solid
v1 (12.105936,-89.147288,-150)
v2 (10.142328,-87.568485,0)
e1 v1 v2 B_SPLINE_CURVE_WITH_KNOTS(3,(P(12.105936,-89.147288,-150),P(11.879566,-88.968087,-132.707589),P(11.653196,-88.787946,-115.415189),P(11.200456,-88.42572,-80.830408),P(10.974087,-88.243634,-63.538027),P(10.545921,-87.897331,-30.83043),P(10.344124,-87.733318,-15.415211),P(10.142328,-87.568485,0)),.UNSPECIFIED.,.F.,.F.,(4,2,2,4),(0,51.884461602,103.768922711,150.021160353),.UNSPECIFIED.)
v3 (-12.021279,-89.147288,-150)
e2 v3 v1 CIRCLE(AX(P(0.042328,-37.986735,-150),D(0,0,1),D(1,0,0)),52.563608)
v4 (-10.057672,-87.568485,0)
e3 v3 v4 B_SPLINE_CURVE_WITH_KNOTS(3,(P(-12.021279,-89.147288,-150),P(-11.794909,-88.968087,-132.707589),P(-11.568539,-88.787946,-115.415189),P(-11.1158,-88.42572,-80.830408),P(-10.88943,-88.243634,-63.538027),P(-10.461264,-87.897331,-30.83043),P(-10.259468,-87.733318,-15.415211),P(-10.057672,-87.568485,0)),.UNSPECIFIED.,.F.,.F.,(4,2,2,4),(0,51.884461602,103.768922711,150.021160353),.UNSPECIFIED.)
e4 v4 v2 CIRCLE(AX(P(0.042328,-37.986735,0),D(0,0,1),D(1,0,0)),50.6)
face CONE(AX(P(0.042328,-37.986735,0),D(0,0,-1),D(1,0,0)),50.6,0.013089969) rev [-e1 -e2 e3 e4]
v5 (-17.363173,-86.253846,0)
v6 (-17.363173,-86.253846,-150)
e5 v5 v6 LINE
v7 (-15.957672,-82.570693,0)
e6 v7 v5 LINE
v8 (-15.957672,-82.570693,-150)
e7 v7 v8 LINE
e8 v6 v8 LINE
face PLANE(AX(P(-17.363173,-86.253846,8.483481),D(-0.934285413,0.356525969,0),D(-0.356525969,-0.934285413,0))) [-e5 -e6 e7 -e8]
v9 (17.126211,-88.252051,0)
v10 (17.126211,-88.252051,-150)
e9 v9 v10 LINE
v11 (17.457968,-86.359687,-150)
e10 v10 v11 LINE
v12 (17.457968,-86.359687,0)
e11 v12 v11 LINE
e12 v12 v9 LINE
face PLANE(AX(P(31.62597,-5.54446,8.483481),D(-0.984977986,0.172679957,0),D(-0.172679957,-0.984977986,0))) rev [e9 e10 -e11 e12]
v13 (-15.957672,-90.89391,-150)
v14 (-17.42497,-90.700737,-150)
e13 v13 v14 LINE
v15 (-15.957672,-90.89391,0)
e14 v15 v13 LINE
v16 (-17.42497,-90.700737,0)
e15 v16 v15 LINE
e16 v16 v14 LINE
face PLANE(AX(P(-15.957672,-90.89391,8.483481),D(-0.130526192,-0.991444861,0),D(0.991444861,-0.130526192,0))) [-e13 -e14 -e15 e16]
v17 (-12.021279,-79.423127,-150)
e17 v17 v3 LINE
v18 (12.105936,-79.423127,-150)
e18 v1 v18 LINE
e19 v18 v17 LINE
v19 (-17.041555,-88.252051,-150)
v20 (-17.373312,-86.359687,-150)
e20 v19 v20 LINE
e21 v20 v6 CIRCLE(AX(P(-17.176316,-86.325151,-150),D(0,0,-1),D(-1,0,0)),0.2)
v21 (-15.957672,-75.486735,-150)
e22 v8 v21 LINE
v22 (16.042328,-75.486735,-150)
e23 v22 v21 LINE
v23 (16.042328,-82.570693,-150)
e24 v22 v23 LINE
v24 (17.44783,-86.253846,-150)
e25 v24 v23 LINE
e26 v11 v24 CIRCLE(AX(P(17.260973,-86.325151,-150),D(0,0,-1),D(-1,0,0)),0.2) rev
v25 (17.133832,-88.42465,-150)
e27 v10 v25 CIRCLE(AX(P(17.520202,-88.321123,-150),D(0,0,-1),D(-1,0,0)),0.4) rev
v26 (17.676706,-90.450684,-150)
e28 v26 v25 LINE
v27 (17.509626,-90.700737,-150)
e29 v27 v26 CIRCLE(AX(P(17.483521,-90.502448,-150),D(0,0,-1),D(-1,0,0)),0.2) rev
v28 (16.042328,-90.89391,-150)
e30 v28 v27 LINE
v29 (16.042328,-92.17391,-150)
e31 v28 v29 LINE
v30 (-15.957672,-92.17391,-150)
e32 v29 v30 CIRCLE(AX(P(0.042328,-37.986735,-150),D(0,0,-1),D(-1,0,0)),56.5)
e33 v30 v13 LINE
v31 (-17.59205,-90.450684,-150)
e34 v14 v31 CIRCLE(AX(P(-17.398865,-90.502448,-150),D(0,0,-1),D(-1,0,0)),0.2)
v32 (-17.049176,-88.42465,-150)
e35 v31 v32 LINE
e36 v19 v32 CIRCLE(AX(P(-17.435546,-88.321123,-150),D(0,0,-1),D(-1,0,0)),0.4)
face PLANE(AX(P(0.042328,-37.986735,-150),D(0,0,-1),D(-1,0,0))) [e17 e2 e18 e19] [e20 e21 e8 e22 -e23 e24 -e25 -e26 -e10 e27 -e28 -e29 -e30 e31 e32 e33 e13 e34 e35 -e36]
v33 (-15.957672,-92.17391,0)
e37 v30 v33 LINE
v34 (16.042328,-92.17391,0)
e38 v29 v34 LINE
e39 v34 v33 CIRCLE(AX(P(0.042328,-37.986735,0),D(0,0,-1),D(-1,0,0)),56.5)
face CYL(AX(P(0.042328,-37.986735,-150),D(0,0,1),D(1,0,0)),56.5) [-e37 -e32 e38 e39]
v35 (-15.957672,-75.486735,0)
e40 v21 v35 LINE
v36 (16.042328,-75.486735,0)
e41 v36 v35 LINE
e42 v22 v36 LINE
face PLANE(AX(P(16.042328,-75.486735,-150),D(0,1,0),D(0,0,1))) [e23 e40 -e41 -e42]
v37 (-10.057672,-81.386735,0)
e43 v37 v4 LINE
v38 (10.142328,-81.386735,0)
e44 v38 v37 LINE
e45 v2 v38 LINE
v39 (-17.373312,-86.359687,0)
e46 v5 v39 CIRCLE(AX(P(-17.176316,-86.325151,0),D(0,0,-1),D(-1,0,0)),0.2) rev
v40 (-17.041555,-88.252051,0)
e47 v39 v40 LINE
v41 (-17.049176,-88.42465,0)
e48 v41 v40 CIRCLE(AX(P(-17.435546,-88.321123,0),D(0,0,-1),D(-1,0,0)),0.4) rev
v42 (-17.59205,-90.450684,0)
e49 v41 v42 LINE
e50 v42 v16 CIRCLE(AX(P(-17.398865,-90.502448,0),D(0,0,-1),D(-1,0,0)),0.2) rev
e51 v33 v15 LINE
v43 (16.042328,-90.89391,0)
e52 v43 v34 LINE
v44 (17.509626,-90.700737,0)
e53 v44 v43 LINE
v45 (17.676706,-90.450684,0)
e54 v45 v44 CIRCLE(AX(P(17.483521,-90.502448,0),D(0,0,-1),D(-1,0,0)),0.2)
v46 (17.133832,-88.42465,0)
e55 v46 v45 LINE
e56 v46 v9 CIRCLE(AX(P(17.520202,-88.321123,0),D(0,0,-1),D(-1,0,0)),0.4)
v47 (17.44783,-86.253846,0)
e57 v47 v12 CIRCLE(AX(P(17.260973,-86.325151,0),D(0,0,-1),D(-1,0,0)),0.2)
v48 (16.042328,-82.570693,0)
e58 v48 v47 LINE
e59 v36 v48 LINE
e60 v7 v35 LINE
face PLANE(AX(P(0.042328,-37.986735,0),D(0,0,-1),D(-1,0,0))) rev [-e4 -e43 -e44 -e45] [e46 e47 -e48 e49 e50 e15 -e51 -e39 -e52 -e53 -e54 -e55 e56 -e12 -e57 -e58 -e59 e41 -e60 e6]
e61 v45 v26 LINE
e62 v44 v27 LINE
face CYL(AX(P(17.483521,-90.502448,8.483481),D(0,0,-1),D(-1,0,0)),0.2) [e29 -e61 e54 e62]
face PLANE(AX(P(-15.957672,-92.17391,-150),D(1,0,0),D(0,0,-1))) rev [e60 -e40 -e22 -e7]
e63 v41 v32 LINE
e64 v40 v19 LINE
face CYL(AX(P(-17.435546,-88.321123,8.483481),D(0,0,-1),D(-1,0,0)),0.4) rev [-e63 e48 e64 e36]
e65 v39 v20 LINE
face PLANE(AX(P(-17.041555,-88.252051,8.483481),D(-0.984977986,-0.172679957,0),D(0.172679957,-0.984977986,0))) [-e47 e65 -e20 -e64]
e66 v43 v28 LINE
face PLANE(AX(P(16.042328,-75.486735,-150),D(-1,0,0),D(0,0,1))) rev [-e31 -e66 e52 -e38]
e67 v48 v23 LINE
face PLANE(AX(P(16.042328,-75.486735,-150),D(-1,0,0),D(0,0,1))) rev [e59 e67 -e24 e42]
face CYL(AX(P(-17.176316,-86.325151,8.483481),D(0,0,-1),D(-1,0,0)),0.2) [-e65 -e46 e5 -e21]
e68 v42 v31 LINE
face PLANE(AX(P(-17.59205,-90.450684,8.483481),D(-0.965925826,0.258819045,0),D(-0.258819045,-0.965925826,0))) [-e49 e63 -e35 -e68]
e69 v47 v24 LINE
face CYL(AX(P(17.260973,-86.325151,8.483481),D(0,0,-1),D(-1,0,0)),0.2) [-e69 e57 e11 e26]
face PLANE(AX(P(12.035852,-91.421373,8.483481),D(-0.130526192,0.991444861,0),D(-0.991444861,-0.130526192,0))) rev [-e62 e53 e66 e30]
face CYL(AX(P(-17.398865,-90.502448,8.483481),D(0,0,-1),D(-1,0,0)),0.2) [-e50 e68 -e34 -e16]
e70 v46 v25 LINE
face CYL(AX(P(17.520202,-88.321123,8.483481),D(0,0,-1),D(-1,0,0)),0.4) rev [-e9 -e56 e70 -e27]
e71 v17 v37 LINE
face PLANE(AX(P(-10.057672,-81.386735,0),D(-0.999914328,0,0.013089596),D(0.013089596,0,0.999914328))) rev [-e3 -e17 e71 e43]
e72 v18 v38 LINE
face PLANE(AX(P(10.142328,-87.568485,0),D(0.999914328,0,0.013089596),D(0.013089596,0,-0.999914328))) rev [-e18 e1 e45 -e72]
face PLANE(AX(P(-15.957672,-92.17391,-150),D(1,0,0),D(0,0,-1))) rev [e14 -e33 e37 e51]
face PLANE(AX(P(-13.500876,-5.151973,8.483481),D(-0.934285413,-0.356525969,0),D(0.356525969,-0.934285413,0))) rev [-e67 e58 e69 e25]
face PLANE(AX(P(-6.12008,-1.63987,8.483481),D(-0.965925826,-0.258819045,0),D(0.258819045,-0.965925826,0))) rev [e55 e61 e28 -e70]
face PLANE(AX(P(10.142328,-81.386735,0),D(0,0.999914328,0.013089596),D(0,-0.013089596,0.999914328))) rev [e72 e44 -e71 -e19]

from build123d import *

# Parameters (mm, degrees)
BOSS_EXTRUDE2_DEPTH = 150
CUT_EXTRUDE1_DEPTH  = 179.003087993
CUT_EXTRUDE1_DRAFT  = 0.75
BOSS_EXTRUDE3_DEPTH = 150


with BuildPart() as part:
    # Sketch1 → Boss-Extrude2 (new body)
    with BuildSketch(Plane.XY):
        with BuildLine():
            Line((-15.957671772, -92.173910335), (-15.957671772, -75.48673473))
            Line((-15.957671772, -75.48673473), (16.042328228, -75.48673473))
            Line((16.042328228, -75.48673473), (16.042328228, -92.173910335))
            ThreePointArc((16.042328228, -92.173910335), (0.042328228, -94.48673473), (-15.957671772, -92.173910335))
        make_face()
    extrude(amount=-BOSS_EXTRUDE2_DEPTH)


with BuildPart() as cut_extrude1_tool:
    # Sketch4 → Cut-Extrude1 (with draft: the straight prism first)
    with BuildSketch(Plane.XY):
        with BuildLine():
            Line((10.142328228, -87.568485405), (10.142328228, -81.38673473))
            Line((10.142328228, -81.38673473), (-10.057671772, -81.38673473))
            Line((-10.057671772, -81.38673473), (-10.057671772, -87.568485405))
            ThreePointArc((-10.057671772, -87.568485405), (0.042328228, -88.58673473), (10.142328228, -87.568485405))
        make_face()
    extrude(amount=-CUT_EXTRUDE1_DEPTH)
    # Cut-Extrude1: the draft: its side faces are tilted about the plane it starts from
    cut_extrude1_sides = [cut_extrude1_tool.faces().sort_by_distance(p)[0] for p in [
        (0.042328228, -88.58673473, -89.501543996),
        (10.142328228, -84.477610068, -89.501543996),
        (0.042328228, -81.38673473, -89.501543996),
        (-10.057671772, -84.477610068, -89.501543996),
    ]]
    draft(cut_extrude1_sides, Plane.XY, CUT_EXTRUDE1_DRAFT)


with BuildPart() as part_1:
    add(part.part)

    # Cut-Extrude1: cut by cut_extrude1_tool
    add(cut_extrude1_tool.part, mode=Mode.SUBTRACT)

    # Sketch5 → Boss-Extrude3 (add)
    with BuildSketch(Plane(origin=(0, 0, -150), x_dir=(-1, 0, 0), z_dir=(0, 0, -1))):
        with BuildLine():
            Line((-17.509626323, -90.700736876), (-16.042328228, -90.893910335))
            Line((-16.042328228, -90.893910335), (-16.042328228, -82.570693355))
            Line((-16.042328228, -82.570693355), (-17.447829646, -86.253845746))
            ThreePointArc((-17.447829646, -86.253845746), (-17.46006126, -86.306080257), (-17.457968161, -86.359686931))
            Line((-17.457968161, -86.359686931), (-17.126211232, -88.252050567))
            ThreePointArc((-17.126211232, -88.252050567), (-17.120591762, -88.338766729), (-17.133832096, -88.424650167))
            Line((-17.133832096, -88.424650167), (-17.67670625, -90.450684094))
            ThreePointArc((-17.67670625, -90.450684094), (-17.649815007, -90.61356195), (-17.509626323, -90.700736876))
        make_face()
        with BuildLine():
            Line((15.957671772, -90.893910335), (15.957671772, -82.570693355))
            Line((15.957671772, -82.570693355), (17.36317319, -86.253845746))
            ThreePointArc((17.36317319, -86.253845746), (17.375404804, -86.306080257), (17.373311704, -86.359686931))
            Line((17.373311704, -86.359686931), (17.041554775, -88.252050567))
            ThreePointArc((17.041554775, -88.252050567), (17.035935306, -88.338766729), (17.049175639, -88.424650167))
            Line((17.049175639, -88.424650167), (17.592049794, -90.450684094))
            ThreePointArc((17.592049794, -90.450684094), (17.565158551, -90.61356195), (17.424969867, -90.700736876))
            Line((17.424969867, -90.700736876), (15.957671772, -90.893910335))
        make_face()
    extrude(amount=-BOSS_EXTRUDE3_DEPTH)


solid = part_1.part
